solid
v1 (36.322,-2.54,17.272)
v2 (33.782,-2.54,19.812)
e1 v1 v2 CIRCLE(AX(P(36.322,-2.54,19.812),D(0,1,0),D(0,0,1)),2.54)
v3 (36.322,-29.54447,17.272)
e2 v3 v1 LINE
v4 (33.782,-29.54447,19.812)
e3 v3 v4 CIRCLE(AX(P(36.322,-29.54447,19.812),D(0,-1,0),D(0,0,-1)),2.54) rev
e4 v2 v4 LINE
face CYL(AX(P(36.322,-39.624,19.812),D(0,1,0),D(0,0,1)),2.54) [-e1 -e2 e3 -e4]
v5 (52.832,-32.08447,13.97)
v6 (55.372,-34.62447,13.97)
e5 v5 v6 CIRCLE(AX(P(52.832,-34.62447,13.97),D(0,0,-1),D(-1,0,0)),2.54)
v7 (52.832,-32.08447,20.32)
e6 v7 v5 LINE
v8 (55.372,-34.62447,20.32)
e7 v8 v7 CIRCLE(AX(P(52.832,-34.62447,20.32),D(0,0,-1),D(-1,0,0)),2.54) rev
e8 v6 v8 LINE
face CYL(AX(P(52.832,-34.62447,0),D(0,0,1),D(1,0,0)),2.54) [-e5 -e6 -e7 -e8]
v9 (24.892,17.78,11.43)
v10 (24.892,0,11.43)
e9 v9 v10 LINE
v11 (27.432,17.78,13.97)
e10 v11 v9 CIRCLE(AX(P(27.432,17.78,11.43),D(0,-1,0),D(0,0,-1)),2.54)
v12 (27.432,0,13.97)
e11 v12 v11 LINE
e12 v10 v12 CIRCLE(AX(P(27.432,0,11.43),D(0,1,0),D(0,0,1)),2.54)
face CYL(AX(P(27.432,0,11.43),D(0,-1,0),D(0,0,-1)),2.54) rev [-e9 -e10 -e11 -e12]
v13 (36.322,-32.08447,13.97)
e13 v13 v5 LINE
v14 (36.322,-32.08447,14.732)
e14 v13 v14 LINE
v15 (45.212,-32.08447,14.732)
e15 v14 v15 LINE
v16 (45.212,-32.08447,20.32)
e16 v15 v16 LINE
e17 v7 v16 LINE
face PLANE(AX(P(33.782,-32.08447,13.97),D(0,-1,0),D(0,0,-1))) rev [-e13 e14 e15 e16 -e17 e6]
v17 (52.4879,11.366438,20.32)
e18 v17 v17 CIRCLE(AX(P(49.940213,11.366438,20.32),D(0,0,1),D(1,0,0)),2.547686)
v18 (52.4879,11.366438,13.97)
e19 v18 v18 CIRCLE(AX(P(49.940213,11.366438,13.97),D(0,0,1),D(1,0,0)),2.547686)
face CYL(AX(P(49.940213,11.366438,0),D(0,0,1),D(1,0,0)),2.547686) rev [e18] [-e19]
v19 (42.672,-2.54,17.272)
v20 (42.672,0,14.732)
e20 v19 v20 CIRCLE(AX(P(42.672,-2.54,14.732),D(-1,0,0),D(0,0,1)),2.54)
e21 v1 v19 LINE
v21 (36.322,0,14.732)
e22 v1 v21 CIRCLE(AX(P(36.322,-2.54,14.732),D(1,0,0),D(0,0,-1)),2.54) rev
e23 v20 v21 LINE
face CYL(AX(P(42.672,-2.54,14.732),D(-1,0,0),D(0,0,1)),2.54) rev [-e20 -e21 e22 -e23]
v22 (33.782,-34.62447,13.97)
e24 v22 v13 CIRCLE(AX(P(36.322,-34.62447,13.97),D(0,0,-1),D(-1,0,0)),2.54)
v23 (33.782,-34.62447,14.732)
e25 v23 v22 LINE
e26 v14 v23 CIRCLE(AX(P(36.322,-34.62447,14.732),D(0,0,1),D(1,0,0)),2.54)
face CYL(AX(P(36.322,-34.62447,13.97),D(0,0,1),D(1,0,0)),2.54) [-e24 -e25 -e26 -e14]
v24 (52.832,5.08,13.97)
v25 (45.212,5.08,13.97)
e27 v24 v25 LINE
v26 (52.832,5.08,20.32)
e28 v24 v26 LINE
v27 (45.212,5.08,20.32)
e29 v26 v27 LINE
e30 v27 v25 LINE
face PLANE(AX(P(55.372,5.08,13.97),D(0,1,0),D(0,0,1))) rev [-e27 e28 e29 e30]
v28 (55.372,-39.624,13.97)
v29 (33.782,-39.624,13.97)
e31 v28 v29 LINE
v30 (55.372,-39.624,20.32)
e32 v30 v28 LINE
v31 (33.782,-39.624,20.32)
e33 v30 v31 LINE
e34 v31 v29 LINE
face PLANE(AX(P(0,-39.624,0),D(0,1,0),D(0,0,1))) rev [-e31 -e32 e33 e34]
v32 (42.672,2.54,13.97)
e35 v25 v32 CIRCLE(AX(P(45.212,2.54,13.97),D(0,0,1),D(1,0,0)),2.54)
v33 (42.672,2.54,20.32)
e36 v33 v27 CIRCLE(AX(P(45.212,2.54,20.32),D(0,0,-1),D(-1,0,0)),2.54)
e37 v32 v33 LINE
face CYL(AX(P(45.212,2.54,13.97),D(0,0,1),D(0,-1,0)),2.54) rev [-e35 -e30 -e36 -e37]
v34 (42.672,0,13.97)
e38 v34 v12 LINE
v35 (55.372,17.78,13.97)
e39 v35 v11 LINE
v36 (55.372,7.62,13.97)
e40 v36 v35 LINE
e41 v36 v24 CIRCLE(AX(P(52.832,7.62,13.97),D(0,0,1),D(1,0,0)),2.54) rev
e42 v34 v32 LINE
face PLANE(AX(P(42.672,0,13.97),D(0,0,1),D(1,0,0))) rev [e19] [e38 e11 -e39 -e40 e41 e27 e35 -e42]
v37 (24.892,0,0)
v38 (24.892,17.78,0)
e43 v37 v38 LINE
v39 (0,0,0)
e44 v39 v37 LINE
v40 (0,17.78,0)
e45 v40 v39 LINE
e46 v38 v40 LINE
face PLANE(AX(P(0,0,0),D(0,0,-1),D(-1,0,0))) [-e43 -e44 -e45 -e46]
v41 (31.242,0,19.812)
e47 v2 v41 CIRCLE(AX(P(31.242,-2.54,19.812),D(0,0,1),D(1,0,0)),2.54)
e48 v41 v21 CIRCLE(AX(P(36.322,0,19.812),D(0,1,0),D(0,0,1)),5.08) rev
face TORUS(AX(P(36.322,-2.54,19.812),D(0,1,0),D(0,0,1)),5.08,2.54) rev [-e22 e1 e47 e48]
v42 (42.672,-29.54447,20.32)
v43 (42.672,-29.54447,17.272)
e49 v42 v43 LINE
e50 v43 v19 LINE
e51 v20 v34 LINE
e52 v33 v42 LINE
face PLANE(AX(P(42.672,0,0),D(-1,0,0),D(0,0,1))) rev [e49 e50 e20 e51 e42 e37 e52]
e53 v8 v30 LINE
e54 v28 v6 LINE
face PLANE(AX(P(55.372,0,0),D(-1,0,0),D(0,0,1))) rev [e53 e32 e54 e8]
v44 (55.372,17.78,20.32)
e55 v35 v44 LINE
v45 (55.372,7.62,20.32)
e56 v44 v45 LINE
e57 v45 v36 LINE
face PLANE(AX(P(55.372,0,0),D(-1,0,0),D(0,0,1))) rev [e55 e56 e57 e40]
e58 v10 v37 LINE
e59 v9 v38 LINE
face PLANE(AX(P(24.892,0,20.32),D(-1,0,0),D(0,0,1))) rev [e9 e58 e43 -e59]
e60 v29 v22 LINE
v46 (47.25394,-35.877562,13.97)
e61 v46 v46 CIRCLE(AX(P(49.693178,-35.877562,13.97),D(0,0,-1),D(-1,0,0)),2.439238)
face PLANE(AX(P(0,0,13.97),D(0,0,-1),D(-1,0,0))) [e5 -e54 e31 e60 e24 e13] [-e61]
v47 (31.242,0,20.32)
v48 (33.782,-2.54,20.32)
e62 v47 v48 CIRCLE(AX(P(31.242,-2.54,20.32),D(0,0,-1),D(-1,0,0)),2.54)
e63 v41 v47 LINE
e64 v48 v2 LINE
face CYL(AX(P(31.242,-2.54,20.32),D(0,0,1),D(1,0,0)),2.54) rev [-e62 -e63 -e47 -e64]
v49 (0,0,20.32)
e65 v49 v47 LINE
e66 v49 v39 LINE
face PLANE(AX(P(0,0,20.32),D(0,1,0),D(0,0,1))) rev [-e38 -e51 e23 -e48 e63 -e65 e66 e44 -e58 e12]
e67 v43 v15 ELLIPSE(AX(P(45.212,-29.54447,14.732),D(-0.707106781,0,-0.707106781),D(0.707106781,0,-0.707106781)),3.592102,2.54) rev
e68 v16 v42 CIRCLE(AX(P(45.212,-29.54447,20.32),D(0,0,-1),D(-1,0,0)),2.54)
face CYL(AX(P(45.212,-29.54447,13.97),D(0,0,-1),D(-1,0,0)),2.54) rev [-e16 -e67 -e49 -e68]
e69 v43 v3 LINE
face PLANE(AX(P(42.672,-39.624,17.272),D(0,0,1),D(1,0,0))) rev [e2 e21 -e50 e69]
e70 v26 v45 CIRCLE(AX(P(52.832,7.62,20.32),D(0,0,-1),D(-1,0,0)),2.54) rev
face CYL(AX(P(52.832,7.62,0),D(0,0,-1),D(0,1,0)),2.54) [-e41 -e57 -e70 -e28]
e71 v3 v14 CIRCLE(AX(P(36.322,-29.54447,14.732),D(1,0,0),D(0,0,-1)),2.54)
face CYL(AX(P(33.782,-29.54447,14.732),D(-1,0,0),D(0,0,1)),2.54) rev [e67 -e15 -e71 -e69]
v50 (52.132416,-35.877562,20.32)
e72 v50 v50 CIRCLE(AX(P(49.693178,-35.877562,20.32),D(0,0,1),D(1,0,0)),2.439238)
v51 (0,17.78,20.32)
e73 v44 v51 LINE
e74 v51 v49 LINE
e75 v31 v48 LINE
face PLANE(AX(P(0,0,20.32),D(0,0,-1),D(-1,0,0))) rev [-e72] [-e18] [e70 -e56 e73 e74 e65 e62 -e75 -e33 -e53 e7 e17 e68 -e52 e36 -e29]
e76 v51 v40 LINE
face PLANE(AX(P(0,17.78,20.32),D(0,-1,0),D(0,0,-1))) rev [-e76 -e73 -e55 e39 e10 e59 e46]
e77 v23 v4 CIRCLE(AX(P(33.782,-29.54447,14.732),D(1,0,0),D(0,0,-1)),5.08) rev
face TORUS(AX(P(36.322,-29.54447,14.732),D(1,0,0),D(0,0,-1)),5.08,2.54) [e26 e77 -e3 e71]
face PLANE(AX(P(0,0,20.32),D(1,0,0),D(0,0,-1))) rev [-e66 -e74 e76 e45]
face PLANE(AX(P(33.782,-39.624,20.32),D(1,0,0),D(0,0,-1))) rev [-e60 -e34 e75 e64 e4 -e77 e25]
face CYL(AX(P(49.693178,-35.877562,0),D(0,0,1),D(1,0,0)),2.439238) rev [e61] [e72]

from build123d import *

# Parameters (mm, degrees)
SKETCH1_W            = 24.892
SKETCH1_H            = 17.78
BOSS_EXTRUDE1_DEPTH  = 20.32
SKETCH2_W            = 6.35
SKETCH2_H            = 17.78
BOSS_EXTRUDE2_DEPTH  = 17.78
SKETCH16_W           = 6.35
SKETCH16_H           = 12.7
BOSS_EXTRUDE11_DEPTH = 12.7
SKETCH20_W           = 8.89
SKETCH20_H           = 3.048
BOSS_EXTRUDE12_DEPTH = 39.624
SKETCH21_W           = 8.89
SKETCH21_H           = 7.539530378
BOSS_EXTRUDE13_DEPTH = 3.302
SKETCH22_W           = 6.35
SKETCH22_H           = 7.539530378
BOSS_EXTRUDE14_DEPTH = 12.7
SKETCH18_R           = 2.547686281
SKETCH18_R_2         = 2.439237793
CUT_EXTRUDE11_DEPTH  = 72.056471626
FILLET8_R            = 2.54


with BuildPart() as part:
    # Sketch1 → Boss-Extrude1 (new body)
    with BuildSketch(Plane.XY):
        with Locations((12.446, 8.89)):
            Rectangle(SKETCH1_W, SKETCH1_H)
    extrude(amount=BOSS_EXTRUDE1_DEPTH)

    # Sketch2 → Boss-Extrude2 (add)
    with BuildSketch(Plane(origin=(24.892, 0, 0), x_dir=(0, 0, -1), z_dir=(1, 0, 0))):
        with Locations((-17.145, 8.89)):
            Rectangle(SKETCH2_W, SKETCH2_H)
    extrude(amount=BOSS_EXTRUDE2_DEPTH)

    # Sketch16 → Boss-Extrude11 (add)
    with BuildSketch(Plane(origin=(42.672, 0, 0), x_dir=(0, 0, -1), z_dir=(1, 0, 0))):
        with Locations((-17.145, 11.43)):
            Rectangle(SKETCH16_W, SKETCH16_H)
    extrude(amount=BOSS_EXTRUDE11_DEPTH)

    # Sketch20 → Boss-Extrude12 (add)
    with BuildSketch(Plane.XZ):
        with Locations((38.227, 18.796)):
            Rectangle(SKETCH20_W, SKETCH20_H)
    extrude(amount=BOSS_EXTRUDE12_DEPTH)

    # Sketch21 → Boss-Extrude13 (add)
    with BuildSketch(Plane(origin=(0, 0, 17.272), x_dir=(-1, 0, 0), z_dir=(0, 0, -1))):
        with Locations((-38.227, -35.854234811)):
            Rectangle(SKETCH21_W, SKETCH21_H)
    extrude(amount=BOSS_EXTRUDE13_DEPTH)

    # Sketch22 → Boss-Extrude14 (add)
    with BuildSketch(Plane(origin=(42.672, 0, 0), x_dir=(0, 0, -1), z_dir=(1, 0, 0))):
        with Locations((-17.145, -35.854234811)):
            Rectangle(SKETCH22_W, SKETCH22_H)
    extrude(amount=BOSS_EXTRUDE14_DEPTH)

    # Sketch18 → Cut-Extrude11 (cut, through all)
    with BuildSketch(Plane.XY.offset(20.32)):
        with Locations((49.940213472, 11.366437705)):
            Circle(SKETCH18_R)
        with Locations((49.693177742, -35.877562295)):
            Circle(SKETCH18_R_2)
    extrude(amount=-CUT_EXTRUDE11_DEPTH, mode=Mode.SUBTRACT)

    # Fillet8
    fillet8_edges = [part.edges().sort_by_distance(p)[0] for p in [
        (24.892, 8.89, 13.97),
        (42.672, 5.08, 17.145),
        (55.372, 5.08, 17.145),
        (33.782, 0, 18.796),
        (38.227, 0, 17.272),
        (33.782, -16.042234811, 17.272),
        (38.227, -32.084469622, 17.272),
        (33.782, -32.084469622, 15.621),
        (42.672, -32.084469622, 18.796),
        (55.372, -32.084469622, 17.145),
    ]]
    fillet(fillet8_edges, radius=FILLET8_R)


solid = part.part
